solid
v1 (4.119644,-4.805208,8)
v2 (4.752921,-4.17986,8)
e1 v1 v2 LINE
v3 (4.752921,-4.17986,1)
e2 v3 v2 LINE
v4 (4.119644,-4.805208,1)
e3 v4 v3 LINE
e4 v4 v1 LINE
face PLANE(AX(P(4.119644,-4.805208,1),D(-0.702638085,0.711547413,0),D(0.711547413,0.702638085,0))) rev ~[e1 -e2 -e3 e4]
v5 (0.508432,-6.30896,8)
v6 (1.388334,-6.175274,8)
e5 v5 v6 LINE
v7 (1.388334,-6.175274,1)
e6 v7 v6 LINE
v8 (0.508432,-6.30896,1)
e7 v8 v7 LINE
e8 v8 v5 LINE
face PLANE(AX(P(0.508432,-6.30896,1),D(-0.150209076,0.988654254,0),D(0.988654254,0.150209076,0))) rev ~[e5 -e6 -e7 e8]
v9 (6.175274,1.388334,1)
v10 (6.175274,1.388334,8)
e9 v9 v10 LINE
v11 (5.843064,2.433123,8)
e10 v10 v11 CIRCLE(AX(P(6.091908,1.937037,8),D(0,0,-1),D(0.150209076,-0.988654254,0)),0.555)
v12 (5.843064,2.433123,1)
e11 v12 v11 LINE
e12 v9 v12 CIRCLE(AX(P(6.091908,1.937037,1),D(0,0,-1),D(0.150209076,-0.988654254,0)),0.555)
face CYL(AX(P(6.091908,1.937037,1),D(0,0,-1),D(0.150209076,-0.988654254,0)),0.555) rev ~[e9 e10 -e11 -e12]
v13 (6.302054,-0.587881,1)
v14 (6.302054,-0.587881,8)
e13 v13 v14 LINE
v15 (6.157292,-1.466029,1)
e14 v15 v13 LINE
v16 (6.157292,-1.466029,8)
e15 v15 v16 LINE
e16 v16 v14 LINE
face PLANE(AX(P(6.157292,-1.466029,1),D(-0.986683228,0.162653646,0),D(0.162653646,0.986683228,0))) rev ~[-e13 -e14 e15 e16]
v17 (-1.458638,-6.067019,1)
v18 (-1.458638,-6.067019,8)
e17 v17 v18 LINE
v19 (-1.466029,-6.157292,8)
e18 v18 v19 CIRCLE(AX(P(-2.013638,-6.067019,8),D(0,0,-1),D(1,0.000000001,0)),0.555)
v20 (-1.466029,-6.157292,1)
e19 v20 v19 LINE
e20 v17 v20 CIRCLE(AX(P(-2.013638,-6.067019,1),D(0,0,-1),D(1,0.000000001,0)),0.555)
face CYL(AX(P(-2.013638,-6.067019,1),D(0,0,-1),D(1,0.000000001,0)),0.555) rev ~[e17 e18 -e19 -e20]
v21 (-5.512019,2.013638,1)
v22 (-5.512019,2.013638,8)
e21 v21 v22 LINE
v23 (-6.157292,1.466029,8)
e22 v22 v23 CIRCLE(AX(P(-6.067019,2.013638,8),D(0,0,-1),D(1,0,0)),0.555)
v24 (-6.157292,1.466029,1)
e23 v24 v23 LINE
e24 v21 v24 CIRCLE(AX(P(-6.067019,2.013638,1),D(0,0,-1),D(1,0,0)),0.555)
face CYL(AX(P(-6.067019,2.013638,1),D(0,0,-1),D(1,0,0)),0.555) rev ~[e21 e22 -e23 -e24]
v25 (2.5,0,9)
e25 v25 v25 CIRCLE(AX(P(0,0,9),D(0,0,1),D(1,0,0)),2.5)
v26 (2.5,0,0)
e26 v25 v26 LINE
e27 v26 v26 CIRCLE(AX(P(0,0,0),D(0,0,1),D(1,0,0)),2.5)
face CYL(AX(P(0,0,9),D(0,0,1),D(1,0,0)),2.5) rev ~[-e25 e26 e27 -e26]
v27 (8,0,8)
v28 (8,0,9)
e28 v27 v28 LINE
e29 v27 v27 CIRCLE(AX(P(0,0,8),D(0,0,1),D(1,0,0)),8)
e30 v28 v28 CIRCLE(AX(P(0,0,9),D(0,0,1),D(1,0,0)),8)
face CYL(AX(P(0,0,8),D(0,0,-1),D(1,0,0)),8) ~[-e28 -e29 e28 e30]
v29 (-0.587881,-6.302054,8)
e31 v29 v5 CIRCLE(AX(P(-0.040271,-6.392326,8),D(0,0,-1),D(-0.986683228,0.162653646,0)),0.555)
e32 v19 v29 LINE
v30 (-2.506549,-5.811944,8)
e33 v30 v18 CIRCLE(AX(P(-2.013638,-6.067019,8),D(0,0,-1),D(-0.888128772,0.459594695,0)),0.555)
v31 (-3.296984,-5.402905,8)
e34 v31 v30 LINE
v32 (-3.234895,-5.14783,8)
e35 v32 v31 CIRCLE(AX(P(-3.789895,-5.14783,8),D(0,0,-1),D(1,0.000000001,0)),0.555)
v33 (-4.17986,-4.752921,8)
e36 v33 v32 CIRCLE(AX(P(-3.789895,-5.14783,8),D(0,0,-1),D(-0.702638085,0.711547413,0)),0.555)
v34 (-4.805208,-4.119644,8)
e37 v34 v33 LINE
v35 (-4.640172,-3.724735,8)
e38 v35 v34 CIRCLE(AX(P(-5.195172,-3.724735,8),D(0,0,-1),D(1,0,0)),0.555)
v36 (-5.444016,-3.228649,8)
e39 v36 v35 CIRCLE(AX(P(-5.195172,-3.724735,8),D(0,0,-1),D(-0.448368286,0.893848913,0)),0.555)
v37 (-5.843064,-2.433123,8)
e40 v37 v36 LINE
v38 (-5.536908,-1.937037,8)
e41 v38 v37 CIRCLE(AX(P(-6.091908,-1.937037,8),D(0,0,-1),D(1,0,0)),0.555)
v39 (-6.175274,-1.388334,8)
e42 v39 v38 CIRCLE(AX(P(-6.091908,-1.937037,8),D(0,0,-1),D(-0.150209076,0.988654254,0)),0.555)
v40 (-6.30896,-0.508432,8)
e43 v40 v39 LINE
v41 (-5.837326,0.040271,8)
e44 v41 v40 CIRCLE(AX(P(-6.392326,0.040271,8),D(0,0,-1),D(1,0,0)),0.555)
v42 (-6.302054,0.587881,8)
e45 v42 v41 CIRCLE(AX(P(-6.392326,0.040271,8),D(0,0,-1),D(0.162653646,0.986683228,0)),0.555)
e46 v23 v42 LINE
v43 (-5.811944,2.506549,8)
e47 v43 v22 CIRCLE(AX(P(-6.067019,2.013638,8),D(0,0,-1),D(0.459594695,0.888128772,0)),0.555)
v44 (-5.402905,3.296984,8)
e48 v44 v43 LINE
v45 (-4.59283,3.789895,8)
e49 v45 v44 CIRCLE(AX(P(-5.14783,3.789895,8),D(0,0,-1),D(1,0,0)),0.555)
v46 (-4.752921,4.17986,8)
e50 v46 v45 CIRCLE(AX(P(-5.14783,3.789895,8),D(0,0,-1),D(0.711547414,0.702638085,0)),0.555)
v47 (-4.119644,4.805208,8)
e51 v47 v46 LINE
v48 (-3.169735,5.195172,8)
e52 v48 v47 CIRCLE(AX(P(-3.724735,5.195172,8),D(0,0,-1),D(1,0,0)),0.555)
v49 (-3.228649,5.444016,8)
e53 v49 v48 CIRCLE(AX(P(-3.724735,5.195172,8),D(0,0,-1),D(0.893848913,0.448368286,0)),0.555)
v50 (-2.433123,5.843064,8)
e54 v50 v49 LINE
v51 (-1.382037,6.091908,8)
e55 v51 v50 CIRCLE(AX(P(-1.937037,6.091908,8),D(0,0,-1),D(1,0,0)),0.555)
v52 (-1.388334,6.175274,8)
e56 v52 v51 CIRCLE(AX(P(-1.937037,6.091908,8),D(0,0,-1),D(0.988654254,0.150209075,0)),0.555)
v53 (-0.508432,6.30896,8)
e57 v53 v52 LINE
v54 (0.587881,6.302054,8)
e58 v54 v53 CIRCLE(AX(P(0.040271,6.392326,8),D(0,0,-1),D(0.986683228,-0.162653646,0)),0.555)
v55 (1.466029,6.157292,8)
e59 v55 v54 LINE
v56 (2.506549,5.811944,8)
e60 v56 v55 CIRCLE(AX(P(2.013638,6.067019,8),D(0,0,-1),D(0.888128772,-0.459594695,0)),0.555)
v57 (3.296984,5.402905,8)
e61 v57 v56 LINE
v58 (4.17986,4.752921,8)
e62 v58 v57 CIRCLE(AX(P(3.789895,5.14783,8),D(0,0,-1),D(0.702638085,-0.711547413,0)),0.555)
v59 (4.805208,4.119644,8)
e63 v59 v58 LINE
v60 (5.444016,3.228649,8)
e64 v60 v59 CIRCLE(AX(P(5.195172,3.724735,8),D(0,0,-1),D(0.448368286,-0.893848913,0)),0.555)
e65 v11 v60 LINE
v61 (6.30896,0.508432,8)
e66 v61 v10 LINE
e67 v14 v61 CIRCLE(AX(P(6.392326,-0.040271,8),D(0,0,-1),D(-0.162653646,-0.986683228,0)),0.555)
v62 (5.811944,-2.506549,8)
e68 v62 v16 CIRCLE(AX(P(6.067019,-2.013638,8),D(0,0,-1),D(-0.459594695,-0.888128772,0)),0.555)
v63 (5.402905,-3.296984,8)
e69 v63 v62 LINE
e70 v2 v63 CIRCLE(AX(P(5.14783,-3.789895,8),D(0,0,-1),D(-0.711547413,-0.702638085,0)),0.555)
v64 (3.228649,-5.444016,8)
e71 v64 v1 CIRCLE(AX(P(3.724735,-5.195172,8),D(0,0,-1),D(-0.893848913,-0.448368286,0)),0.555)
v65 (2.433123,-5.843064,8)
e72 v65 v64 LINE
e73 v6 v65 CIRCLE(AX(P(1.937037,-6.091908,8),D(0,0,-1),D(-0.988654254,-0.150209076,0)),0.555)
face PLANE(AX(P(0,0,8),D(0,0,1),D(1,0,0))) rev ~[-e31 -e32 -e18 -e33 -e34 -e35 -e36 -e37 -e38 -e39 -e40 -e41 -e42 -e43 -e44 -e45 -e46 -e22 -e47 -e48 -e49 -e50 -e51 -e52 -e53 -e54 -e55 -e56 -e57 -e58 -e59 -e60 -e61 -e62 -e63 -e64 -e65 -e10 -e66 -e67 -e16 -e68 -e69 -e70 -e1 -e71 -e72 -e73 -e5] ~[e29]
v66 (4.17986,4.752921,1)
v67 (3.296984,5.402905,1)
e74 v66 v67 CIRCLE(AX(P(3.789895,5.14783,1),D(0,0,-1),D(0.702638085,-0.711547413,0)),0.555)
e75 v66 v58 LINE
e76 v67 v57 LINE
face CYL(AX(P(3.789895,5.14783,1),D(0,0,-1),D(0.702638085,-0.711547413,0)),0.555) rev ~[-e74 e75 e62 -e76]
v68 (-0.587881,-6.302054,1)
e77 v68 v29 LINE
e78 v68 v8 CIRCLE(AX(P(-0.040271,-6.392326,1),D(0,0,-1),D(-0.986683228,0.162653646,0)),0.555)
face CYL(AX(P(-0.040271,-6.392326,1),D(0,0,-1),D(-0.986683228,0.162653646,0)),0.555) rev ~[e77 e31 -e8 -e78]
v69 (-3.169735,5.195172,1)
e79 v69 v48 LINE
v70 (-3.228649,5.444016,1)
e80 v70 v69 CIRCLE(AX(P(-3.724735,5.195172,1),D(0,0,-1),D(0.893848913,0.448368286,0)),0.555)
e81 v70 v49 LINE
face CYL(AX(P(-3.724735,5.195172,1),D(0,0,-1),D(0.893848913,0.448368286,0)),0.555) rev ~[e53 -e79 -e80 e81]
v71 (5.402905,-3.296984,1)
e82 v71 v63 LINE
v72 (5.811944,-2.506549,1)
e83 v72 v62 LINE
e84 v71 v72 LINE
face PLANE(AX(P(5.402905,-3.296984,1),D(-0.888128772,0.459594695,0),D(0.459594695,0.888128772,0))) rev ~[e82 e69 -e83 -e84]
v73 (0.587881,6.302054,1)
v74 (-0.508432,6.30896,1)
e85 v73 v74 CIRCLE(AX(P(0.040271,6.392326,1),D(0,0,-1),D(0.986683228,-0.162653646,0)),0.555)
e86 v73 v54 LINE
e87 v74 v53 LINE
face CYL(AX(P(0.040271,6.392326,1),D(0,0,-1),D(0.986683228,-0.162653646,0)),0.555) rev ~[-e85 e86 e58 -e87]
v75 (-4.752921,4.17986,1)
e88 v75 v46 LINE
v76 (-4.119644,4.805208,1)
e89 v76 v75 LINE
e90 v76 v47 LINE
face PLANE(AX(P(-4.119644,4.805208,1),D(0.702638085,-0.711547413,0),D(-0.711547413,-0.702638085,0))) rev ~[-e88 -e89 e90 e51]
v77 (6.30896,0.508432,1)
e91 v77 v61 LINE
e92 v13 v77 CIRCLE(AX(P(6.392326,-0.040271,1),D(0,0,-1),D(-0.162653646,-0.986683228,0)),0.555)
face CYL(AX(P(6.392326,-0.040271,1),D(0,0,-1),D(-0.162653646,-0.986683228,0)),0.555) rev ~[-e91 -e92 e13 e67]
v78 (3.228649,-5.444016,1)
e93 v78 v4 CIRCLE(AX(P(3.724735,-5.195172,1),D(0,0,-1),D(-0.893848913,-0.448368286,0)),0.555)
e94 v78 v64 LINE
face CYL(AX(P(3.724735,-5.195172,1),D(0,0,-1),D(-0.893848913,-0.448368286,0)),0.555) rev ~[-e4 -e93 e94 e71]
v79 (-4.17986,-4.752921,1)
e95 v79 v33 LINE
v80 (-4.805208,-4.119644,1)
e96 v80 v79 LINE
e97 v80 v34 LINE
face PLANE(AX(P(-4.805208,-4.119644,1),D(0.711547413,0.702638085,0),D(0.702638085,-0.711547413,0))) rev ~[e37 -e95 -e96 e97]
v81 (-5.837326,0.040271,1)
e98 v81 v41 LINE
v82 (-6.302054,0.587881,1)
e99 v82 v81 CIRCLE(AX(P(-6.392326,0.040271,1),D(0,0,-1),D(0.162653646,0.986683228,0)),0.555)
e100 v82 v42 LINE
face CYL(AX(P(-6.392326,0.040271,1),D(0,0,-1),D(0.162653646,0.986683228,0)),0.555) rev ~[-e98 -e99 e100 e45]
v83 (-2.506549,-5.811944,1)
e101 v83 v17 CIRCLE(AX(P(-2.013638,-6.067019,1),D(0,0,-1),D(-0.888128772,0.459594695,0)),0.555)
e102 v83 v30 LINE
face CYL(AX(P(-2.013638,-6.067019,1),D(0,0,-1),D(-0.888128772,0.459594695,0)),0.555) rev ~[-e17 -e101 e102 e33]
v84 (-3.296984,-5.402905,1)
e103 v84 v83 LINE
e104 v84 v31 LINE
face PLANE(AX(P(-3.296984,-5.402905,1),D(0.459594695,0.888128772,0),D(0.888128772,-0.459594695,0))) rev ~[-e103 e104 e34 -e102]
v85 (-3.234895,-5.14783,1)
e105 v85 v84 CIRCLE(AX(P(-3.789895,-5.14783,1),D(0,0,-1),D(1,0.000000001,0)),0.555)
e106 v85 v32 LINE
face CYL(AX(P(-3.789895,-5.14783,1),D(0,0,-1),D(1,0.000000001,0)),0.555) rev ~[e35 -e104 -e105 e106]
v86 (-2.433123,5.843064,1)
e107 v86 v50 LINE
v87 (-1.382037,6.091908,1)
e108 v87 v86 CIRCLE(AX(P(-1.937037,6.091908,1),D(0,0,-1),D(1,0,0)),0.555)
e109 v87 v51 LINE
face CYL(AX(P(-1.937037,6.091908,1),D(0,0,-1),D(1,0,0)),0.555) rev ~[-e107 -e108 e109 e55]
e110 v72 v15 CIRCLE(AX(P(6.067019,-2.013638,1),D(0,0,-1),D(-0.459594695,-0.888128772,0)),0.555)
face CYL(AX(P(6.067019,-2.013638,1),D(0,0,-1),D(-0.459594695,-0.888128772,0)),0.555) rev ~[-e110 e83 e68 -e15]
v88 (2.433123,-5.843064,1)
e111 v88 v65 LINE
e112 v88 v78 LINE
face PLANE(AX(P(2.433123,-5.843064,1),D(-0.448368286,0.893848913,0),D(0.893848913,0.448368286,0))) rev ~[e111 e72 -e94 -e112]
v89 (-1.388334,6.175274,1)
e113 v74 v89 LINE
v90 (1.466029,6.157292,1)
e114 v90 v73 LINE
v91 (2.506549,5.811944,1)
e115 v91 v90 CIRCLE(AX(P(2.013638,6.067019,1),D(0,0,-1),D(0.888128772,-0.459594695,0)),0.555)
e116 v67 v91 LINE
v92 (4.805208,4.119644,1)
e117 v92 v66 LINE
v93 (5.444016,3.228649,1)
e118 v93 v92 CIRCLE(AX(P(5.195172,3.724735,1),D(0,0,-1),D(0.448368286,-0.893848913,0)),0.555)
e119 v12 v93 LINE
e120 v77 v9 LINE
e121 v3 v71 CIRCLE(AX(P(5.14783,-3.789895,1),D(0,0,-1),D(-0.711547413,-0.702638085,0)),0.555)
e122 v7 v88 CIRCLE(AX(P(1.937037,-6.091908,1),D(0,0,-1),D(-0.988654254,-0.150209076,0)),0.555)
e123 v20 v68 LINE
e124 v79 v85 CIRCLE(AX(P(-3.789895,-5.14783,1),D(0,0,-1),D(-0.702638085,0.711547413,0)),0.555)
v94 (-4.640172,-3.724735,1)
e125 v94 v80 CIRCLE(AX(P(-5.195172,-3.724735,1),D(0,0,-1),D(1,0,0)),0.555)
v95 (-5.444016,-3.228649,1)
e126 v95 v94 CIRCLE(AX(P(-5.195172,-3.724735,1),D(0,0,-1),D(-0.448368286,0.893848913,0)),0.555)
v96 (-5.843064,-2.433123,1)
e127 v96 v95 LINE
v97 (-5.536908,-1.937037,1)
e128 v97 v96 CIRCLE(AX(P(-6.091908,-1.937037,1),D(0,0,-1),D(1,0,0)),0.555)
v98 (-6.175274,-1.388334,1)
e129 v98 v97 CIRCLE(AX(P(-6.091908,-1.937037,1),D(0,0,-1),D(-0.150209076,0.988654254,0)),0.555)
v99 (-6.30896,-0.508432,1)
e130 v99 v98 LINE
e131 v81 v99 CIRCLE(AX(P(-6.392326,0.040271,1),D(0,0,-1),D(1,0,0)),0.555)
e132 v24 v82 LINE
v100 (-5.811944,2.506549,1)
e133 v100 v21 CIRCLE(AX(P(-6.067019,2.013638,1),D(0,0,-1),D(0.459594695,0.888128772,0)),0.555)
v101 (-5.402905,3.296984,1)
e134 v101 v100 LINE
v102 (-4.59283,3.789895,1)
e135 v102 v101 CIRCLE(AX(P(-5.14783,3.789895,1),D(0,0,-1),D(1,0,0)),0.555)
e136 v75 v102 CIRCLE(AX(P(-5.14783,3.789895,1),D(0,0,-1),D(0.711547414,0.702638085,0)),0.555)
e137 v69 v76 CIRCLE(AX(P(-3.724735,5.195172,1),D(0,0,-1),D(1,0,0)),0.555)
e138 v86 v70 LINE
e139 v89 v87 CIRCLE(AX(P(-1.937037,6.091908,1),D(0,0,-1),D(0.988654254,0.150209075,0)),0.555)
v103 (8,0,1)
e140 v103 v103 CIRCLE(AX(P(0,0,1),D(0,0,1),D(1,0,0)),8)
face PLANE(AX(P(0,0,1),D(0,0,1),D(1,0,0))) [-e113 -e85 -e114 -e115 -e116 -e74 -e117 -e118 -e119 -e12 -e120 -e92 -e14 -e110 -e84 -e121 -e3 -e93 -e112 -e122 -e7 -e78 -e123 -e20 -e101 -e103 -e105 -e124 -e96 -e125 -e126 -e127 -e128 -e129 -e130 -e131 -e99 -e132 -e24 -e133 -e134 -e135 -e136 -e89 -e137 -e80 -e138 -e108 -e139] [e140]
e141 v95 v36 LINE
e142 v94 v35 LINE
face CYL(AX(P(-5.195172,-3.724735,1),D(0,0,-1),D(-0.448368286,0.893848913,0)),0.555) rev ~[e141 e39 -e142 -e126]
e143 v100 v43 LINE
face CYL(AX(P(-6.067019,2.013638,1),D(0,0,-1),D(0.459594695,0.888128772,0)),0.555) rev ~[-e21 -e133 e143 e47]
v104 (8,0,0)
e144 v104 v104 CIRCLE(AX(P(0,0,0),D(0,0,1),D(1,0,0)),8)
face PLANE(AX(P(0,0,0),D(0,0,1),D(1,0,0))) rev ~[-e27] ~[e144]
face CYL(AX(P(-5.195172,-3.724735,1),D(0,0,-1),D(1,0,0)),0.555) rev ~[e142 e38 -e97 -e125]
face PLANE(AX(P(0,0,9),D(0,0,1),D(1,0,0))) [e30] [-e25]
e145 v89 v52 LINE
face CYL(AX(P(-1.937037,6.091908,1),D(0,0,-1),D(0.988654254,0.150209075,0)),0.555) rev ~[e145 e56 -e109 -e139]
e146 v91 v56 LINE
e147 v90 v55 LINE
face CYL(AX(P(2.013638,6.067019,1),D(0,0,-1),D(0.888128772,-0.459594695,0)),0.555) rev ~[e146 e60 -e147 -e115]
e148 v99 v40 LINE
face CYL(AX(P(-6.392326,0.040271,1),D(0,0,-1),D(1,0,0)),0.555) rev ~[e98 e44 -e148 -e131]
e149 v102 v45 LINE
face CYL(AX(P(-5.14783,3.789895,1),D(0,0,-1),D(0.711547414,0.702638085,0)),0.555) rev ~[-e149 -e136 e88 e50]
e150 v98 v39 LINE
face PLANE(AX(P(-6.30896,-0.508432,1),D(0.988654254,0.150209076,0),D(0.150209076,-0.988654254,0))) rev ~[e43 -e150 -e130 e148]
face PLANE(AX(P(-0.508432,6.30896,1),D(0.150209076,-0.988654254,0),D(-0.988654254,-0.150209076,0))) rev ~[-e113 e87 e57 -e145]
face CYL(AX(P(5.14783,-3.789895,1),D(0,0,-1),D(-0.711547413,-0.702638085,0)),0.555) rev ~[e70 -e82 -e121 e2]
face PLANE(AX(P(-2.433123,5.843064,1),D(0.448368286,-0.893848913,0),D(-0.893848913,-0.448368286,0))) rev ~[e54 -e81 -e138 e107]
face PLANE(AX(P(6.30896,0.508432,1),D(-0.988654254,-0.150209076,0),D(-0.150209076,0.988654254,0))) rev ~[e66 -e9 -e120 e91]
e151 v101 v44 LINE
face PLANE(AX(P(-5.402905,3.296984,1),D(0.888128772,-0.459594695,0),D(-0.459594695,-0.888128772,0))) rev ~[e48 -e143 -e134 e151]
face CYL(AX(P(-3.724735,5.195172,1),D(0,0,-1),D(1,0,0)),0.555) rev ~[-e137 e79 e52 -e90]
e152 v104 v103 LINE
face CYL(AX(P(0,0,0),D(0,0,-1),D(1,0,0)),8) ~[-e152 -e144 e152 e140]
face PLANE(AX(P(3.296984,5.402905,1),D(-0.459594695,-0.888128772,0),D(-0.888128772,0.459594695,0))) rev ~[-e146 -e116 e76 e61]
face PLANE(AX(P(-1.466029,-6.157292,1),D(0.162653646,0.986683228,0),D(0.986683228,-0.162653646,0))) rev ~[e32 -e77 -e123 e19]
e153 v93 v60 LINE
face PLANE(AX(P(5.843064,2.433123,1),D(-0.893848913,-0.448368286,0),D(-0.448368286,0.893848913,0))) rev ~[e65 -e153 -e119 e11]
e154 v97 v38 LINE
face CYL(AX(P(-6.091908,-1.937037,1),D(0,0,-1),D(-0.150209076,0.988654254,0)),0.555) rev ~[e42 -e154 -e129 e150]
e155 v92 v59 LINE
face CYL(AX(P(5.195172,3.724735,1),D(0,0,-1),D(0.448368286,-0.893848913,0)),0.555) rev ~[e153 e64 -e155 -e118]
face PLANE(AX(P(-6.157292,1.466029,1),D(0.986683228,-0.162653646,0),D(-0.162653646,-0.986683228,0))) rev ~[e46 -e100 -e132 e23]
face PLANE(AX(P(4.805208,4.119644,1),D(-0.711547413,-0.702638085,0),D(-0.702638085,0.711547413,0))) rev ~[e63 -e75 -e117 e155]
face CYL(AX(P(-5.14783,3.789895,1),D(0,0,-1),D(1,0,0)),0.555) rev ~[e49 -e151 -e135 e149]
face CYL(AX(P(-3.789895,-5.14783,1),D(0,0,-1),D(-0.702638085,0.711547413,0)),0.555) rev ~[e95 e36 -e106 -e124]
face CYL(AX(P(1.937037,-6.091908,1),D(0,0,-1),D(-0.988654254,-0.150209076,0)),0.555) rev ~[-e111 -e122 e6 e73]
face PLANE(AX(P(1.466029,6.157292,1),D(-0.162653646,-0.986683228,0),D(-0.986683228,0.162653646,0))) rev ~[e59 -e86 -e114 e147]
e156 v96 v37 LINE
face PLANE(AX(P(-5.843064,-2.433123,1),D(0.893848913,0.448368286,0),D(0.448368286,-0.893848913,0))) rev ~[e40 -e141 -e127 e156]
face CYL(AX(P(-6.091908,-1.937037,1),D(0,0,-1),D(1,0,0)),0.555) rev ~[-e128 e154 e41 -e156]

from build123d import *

# Parameters (mm, degrees)
F0_R     = 8
F1_DEPTH = 1
F3_DEPTH = 7
F4_R     = 8
F5_DEPTH = 1
F6_R     = 2.5
F7_DEPTH = 9


with BuildPart() as f1:
    # F0 (on Top) → F1 (new body)
    with BuildSketch(Plane.XY):
        Circle(F0_R)
    extrude(amount=F1_DEPTH)

    # F2 (on face) → F3 (join)
    with BuildSketch(Plane.XY.offset(1)):
        with BuildLine():
            Line((3.2969840058, 5.4029047423), (2.5065493984, 5.8119440209))
            ThreePointArc((2.5065493984, 5.8119440209), (1.8388116131, 5.5402736363), (1.4660287385, 6.1572918501))
            Line((1.4660287385, 6.1572918501), (0.587880666, 6.3020535948))
            ThreePointArc((0.587880666, 6.3020535948), (0.0367750598, 5.8373373817), (-0.5084316362, 6.3089603312))
            Line((-0.5084316362, 6.3089603312), (-1.3883339221, 6.1752742538))
            ThreePointArc((-1.3883339221, 6.1752742538), (-1.3836134942, 6.133709972), (-1.3820370329, 6.0919082168))
            ThreePointArc((-1.3820370329, 6.0919082168), (-1.8091754115, 5.5518374754), (-2.4331231799, 5.843063818))
            Line((-2.4331231799, 5.843063818), (-3.2286487127, 5.4440160432))
            ThreePointArc((-3.2286487127, 5.4440160432), (-3.1846641182, 5.3230332658), (-3.1697348597, 5.1951716444))
            ThreePointArc((-3.1697348597, 5.1951716444), (-3.5139617494, 4.6817520343), (-4.1196436741, 4.8052075072))
            Line((-4.1196436741, 4.8052075072), (-4.7529208721, 4.1798596116))
            ThreePointArc((-4.7529208721, 4.1798596116), (-4.6344100765, 4.0006685847), (-4.5928296865, 3.7898954745))
            ThreePointArc((-4.5928296865, 3.7898954745), (-4.859335021, 3.3157690905), (-5.4029047423, 3.2969840058))
            Line((-5.4029047423, 3.2969840058), (-5.8119440209, 2.5065493984))
            ThreePointArc((-5.8119440209, 2.5065493984), (-5.5928926927, 2.3021325953), (-5.5120190767, 2.0136379298))
            ThreePointArc((-5.5120190767, 2.0136379298), (-5.707906552, 1.590479337), (-6.1572918501, 1.4660287385))
            Line((-6.1572918501, 1.4660287385), (-6.3020535948, 0.587880666))
            ThreePointArc((-6.3020535948, 0.587880666), (-5.9691677754, 0.3993839994), (-5.8373263682, 0.0402714747))
            ThreePointArc((-5.8373263682, 0.0402714747), (-5.9714385265, -0.3214997579), (-6.3089603312, -0.5084316362))
            Line((-6.3089603312, -0.5084316362), (-6.1752742538, -1.3883339221))
            ThreePointArc((-6.1752742538, -1.3883339221), (-5.7301369842, -1.5161491913), (-5.5369082168, -1.9370370329))
            ThreePointArc((-5.5369082168, -1.9370370329), (-5.6196087137, -2.228512897), (-5.843063818, -2.4331231799))
            Line((-5.843063818, -2.4331231799), (-5.4440160432, -3.2286487127))
            ThreePointArc((-5.4440160432, -3.2286487127), (-4.9036957803, -3.2524353565), (-4.6401716444, -3.7247348597))
            ThreePointArc((-4.6401716444, -3.7247348597), (-4.683090061, -3.938738252), (-4.8052075072, -4.1196436741))
            Line((-4.8052075072, -4.1196436741), (-4.1798596116, -4.7529208721))
            ThreePointArc((-4.1798596116, -4.7529208721), (-3.5758920821, -4.6357481031), (-3.2348954745, -5.1478296865))
            ThreePointArc((-3.2348954745, -5.1478296865), (-3.2506409589, -5.2790911335), (-3.2969840058, -5.4029047423))
            Line((-3.2969840058, -5.4029047423), (-2.5065493984, -5.8119440209))
            ThreePointArc((-2.5065493984, -5.8119440209), (-1.8823764829, -5.5277645611), (-1.4586379298, -6.0670190767))
            ThreePointArc((-1.4586379298, -6.0670190767), (-1.4604887179, -6.1123064857), (-1.4660287385, -6.1572918501))
            Line((-1.4660287385, -6.1572918501), (-0.587880666, -6.3020535948))
            ThreePointArc((-0.587880666, -6.3020535948), (-0.0367750598, -5.8373373817), (0.5084316362, -6.3089603312))
            Line((0.5084316362, -6.3089603312), (1.3883339221, -6.1752742538))
            ThreePointArc((1.3883339221, -6.1752742538), (1.7688612926, -5.5630018732), (2.4331231799, -5.843063818))
            Line((2.4331231799, -5.843063818), (3.2286487127, -5.4440160432))
            ThreePointArc((3.2286487127, -5.4440160432), (3.4013491773, -4.7441209815), (4.1196436741, -4.8052075072))
            Line((4.1196436741, -4.8052075072), (4.7529208721, -4.1798596116))
            ThreePointArc((4.7529208721, -4.1798596116), (4.7008893059, -3.460852474), (5.4029047423, -3.2969840058))
            Line((5.4029047423, -3.2969840058), (5.8119440209, -2.5065493984))
            ThreePointArc((5.8119440209, -2.5065493984), (5.5402736363, -1.8388116131), (6.1572918501, -1.4660287385))
            Line((6.1572918501, -1.4660287385), (6.3020535948, -0.587880666))
            ThreePointArc((6.3020535948, -0.587880666), (5.8373373817, -0.0367750598), (6.3089603312, 0.5084316362))
            Line((6.3089603312, 0.5084316362), (6.1752742538, 1.3883339221))
            ThreePointArc((6.1752742538, 1.3883339221), (5.5630018732, 1.7688612926), (5.843063818, 2.4331231799))
            Line((5.843063818, 2.4331231799), (5.4440160432, 3.2286487127))
            ThreePointArc((5.4440160432, 3.2286487127), (4.7441209815, 3.4013491773), (4.8052075072, 4.1196436741))
            Line((4.8052075072, 4.1196436741), (4.1798596116, 4.7529208721))
            ThreePointArc((4.1798596116, 4.7529208721), (3.460852474, 4.7008893059), (3.2969840058, 5.4029047423))
        make_face()
    extrude(amount=F3_DEPTH)

    # F4 (on face) → F5 (join)
    with BuildSketch(Plane.XY.offset(8)):
        Circle(F4_R)
    extrude(amount=F5_DEPTH)

    # F6 (on face) → F7 (cut)
    with BuildSketch(Plane.XY.offset(9)):
        Circle(F6_R)
    extrude(amount=-F7_DEPTH, mode=Mode.SUBTRACT)


solid = f1.part
